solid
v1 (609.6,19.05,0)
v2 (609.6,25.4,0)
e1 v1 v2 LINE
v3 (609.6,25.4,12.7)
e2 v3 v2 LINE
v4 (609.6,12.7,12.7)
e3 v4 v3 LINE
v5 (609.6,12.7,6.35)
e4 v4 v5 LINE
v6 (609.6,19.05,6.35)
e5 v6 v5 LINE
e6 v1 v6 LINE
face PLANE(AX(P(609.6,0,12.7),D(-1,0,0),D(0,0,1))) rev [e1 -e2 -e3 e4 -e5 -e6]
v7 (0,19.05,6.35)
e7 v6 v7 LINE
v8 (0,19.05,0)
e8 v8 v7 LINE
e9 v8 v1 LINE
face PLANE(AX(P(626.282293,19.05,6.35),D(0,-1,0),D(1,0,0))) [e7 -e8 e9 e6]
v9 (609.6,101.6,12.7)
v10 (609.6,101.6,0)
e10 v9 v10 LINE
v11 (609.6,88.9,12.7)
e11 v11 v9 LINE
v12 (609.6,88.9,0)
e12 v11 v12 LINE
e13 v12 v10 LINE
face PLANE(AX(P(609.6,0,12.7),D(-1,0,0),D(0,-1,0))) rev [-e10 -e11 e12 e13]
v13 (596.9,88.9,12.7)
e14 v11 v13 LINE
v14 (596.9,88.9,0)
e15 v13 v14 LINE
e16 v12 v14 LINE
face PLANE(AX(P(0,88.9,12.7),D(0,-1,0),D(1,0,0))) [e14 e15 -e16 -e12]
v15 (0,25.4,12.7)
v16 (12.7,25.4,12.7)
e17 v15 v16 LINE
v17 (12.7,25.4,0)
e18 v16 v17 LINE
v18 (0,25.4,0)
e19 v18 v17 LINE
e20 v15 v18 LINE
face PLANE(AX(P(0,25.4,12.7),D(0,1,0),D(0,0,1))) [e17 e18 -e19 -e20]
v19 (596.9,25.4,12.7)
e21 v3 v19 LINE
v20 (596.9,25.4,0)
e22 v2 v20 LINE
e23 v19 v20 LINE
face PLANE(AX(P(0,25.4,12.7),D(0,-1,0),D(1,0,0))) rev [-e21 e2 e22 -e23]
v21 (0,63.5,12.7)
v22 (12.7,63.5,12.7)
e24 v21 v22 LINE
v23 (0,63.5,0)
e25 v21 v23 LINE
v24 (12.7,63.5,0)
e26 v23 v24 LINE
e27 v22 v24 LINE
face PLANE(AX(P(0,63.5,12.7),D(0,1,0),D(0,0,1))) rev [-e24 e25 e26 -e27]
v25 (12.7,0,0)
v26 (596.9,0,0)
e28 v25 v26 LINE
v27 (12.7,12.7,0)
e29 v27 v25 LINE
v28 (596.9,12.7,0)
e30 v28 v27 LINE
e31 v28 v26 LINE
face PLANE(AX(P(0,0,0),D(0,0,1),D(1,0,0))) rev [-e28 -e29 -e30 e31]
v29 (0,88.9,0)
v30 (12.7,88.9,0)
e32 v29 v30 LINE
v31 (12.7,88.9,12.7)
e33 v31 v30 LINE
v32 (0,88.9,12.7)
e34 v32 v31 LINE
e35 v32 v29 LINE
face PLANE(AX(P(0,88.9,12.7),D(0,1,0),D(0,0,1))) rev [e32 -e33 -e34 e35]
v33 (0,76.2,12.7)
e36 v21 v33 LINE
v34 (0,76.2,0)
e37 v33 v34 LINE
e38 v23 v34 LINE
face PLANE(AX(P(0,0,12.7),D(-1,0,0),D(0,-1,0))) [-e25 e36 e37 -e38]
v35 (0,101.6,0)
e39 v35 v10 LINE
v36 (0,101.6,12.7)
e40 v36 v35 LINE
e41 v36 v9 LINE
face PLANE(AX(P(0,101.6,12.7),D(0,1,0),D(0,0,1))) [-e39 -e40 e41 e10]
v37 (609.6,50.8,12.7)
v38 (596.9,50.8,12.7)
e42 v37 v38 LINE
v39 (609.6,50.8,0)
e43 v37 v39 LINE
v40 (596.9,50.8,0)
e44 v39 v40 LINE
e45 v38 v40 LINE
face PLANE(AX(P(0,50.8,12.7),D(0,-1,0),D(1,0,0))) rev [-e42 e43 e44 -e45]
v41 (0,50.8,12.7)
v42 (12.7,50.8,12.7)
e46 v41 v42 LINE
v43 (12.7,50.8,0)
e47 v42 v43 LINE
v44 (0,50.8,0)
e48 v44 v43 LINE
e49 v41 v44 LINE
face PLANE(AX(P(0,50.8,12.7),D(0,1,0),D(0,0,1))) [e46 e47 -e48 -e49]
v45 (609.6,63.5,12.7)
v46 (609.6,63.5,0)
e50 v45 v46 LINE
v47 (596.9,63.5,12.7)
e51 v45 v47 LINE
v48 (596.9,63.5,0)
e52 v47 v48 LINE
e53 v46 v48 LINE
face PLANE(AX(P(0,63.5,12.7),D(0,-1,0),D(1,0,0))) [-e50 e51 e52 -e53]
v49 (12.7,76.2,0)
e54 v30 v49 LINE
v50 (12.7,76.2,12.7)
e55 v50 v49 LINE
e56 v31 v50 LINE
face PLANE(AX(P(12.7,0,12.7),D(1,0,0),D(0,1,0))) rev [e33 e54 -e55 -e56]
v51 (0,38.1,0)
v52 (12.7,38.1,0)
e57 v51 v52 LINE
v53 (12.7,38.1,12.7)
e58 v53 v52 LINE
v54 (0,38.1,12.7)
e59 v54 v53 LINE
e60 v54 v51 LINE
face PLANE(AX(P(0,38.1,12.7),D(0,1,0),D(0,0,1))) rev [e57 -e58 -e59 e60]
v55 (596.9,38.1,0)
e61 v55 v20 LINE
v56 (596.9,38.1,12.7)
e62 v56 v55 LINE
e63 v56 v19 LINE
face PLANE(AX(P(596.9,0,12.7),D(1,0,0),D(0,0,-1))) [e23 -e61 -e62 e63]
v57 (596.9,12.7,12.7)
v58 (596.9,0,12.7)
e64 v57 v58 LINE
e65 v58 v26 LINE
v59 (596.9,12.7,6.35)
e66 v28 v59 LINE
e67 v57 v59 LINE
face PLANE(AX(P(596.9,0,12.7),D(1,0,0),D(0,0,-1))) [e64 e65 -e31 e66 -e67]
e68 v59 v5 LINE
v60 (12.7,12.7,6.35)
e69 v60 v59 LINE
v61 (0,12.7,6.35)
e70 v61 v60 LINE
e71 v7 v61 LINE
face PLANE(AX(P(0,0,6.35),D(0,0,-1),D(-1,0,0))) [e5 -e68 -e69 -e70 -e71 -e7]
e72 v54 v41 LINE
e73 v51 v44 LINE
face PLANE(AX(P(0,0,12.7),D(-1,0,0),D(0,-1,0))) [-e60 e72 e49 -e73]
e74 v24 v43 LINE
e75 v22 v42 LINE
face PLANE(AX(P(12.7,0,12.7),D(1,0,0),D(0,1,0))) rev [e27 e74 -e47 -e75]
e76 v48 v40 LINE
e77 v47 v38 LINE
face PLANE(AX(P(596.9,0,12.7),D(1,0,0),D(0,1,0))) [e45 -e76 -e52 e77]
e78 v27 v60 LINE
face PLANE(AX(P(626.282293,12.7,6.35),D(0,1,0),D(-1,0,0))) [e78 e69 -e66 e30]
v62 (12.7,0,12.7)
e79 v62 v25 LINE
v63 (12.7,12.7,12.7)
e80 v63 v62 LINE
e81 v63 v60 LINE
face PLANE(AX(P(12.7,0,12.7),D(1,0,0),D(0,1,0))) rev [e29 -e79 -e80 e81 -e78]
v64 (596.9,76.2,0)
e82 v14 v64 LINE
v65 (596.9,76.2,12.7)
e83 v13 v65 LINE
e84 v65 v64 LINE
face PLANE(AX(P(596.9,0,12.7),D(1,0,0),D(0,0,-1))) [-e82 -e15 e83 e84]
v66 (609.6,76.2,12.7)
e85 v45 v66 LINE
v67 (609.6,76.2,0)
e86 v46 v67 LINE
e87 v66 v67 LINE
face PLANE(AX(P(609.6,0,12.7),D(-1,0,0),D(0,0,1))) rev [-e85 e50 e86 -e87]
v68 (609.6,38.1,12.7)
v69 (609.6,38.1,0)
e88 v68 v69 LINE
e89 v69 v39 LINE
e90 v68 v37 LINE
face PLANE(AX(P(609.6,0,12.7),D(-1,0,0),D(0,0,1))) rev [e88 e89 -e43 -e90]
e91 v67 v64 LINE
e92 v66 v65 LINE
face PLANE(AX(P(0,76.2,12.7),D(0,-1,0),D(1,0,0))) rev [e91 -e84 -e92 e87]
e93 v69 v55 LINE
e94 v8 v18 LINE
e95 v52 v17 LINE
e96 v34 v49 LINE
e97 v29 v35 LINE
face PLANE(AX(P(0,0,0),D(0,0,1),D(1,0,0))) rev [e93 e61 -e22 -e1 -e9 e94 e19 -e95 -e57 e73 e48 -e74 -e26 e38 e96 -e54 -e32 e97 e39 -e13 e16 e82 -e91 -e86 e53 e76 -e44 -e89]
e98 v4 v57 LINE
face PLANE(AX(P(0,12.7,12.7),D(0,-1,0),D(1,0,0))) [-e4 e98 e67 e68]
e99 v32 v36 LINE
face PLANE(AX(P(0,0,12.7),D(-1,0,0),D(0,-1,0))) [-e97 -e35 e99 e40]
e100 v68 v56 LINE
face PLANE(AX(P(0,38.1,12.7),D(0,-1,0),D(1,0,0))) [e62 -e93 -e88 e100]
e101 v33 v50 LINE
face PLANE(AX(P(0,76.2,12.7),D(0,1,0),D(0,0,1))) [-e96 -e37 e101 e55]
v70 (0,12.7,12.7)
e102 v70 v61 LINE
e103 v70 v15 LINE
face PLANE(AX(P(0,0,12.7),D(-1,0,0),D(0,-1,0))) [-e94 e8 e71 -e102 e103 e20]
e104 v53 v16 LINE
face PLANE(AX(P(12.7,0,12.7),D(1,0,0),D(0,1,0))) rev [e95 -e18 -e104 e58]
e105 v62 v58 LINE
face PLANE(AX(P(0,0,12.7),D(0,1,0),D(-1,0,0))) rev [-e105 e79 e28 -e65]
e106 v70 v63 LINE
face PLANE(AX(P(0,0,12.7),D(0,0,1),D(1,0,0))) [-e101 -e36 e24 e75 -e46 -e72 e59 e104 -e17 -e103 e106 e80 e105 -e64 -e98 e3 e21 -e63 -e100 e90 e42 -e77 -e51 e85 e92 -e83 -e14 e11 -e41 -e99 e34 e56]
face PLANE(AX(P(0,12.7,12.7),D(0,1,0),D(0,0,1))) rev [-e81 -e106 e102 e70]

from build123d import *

# Parameters (mm, degrees)
BOSS_EXTRUDE1_DEPTH = 12.7
SKETCH2_W           = 637.164894533
SKETCH2_H           = 6.35
CUT_EXTRUDE1_DEPTH  = 6.35


with BuildPart() as part:
    # Sketch1 → Boss-Extrude1 (new body)
    with BuildSketch(Plane.XY):
        Polygon((0, 25.4), (0, 12.7), (12.7, 12.7), (12.7, 0), (596.9, 0), (596.9, 12.7), (609.6, 12.7), (609.6, 25.4), (596.9, 25.4), (596.9, 38.1), (609.6, 38.1), (609.6, 50.8), (596.9, 50.8), (596.9, 63.5), (609.6, 63.5), (609.6, 76.2), (596.9, 76.2), (596.9, 88.9), (609.6, 88.9), (609.6, 101.6), (0, 101.6), (0, 88.9), (12.7, 88.9), (12.7, 76.2), (0, 76.2), (0, 63.5), (12.7, 63.5), (12.7, 50.8), (0, 50.8), (0, 38.1), (12.7, 38.1), (12.7, 25.4), align=None)
    extrude(amount=BOSS_EXTRUDE1_DEPTH)

    # Sketch2 → Cut-Extrude1 (cut)
    with BuildSketch(Plane.XY):
        with Locations((307.699845939, 15.875)):
            Rectangle(SKETCH2_W, SKETCH2_H)
    extrude(amount=CUT_EXTRUDE1_DEPTH, mode=Mode.SUBTRACT)


solid = part.part
